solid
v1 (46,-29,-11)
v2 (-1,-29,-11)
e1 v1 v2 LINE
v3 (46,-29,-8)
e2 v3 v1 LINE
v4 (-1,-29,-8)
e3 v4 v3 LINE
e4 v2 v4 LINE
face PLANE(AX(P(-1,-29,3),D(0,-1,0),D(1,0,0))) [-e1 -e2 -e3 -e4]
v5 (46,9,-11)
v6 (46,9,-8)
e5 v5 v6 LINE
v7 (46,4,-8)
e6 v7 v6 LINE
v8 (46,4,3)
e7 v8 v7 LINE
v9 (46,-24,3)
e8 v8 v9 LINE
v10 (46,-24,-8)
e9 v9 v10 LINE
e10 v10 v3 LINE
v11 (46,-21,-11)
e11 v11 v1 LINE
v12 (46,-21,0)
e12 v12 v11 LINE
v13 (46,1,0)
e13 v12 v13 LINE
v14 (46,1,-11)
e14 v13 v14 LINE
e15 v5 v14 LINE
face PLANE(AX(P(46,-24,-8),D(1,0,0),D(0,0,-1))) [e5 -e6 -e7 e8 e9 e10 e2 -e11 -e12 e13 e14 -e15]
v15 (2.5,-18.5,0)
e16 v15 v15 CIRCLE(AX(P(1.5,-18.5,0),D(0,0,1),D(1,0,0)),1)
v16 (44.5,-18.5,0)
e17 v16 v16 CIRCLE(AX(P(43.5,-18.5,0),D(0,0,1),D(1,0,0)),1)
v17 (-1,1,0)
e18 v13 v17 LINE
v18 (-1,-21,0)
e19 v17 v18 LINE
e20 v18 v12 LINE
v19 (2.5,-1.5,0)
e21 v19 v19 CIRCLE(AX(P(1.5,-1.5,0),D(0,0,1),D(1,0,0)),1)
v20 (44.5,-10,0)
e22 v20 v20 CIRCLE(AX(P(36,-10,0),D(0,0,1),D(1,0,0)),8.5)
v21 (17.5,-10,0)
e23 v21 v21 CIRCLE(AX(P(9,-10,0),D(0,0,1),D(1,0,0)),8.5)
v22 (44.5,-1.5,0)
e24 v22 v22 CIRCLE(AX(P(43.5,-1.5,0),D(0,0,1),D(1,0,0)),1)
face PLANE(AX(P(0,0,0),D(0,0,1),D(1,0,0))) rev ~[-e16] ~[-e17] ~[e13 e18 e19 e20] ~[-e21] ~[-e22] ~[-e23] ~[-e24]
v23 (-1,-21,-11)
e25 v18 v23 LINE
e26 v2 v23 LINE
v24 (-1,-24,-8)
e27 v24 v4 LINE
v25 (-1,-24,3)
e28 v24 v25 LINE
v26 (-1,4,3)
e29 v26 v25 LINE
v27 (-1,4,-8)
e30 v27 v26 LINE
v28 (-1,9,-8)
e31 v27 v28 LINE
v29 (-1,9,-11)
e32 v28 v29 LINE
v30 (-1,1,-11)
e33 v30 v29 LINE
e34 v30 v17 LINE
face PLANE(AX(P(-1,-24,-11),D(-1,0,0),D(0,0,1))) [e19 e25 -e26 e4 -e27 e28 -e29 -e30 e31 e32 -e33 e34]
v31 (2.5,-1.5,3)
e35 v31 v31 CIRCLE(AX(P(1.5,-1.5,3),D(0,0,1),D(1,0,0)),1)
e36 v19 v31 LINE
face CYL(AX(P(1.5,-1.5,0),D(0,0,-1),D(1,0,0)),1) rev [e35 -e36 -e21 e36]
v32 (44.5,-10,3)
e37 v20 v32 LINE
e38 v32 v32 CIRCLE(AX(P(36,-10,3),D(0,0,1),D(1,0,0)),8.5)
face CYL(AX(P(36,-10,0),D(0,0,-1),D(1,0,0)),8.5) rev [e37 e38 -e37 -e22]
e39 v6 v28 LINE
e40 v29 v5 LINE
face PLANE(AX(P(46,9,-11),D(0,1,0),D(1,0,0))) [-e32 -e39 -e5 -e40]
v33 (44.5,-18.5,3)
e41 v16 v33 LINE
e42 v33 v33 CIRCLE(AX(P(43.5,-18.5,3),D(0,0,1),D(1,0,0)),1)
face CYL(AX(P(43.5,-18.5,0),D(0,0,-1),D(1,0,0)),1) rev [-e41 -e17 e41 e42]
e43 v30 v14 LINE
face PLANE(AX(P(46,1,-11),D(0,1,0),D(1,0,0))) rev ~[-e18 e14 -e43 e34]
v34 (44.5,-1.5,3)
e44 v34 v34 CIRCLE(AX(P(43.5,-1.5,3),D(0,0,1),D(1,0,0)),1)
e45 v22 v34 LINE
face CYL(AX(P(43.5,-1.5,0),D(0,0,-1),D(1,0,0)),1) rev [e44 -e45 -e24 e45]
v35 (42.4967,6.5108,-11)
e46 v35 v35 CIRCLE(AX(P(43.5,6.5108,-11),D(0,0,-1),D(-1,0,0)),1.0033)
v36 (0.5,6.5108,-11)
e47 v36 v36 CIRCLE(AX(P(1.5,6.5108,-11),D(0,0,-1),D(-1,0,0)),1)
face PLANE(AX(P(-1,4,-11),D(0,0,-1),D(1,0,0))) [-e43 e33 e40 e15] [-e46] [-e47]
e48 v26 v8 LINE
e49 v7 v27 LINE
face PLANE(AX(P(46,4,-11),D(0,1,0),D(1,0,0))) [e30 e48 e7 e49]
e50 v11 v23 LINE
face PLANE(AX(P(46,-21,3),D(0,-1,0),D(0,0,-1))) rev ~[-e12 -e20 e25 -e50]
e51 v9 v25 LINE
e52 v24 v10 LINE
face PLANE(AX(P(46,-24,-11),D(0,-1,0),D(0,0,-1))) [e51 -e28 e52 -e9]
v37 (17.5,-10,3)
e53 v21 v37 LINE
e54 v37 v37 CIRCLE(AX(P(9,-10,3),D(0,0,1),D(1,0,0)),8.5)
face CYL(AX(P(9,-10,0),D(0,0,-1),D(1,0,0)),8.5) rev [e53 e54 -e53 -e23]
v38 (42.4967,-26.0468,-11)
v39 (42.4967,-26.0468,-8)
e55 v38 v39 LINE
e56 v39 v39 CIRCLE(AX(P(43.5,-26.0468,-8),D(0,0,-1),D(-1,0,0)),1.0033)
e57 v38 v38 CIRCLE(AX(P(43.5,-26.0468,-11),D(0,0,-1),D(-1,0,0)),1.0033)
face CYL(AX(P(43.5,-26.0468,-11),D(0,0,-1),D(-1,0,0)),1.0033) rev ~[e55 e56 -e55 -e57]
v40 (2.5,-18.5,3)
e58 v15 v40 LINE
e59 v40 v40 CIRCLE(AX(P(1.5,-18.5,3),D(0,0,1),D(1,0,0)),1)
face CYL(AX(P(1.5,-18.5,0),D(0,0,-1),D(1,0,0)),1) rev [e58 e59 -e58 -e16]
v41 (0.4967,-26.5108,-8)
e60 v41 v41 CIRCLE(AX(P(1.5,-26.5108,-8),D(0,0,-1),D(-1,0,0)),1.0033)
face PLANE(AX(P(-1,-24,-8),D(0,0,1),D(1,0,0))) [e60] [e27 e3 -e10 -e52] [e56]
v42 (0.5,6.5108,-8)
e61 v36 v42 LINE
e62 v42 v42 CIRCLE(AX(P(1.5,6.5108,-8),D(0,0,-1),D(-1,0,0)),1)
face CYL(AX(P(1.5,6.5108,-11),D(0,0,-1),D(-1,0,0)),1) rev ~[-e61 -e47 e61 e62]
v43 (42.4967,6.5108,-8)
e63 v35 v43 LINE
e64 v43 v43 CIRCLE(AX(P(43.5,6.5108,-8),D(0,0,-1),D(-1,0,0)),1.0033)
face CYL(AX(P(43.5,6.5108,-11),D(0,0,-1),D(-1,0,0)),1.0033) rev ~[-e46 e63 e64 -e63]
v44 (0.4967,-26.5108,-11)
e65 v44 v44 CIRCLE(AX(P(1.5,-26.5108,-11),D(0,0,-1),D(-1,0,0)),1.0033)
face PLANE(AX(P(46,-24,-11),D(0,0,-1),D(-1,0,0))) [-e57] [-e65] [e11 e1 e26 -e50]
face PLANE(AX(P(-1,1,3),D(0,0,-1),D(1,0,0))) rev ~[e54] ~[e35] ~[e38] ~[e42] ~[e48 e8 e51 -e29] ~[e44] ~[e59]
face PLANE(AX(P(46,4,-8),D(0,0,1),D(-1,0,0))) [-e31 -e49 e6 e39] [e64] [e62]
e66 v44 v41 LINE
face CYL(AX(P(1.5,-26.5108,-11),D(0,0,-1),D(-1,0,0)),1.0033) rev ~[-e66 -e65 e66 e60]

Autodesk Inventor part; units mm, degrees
ref_plane "YZ Plane" through (0, 0, 0) normal (1, 0, 0) x (0, 1, 0)
ref_plane "XZ Plane" through (0, 0, 0) normal (0, 1, 0) x (-1, 0, 0)
ref_plane "XY Plane" through (0, 0, 0) normal (0, 0, 1) x (1, 0, 0)
sketch "Sketch1" plane through (0, 0, 0) normal (0, 0, 1) x (1, 0, 0)
  circle A0 centre (36, -10) radius 0.8353 projected
  circle A1 centre (9, -10) radius 0.8353 projected
  circle A2 centre (1.5, -1.5) radius 1 projected
  circle A3 centre (1.5, -18.5) radius 1 projected
  circle A4 centre (43.5, -1.5) radius 1 projected
  circle A5 centre (43.5, -18.5) radius 1 projected
  line L0 (0, -20) -> (45, -20) projected
  line L1 (45, -20) -> (45, 0) projected
  line L2 (45, 0) -> (0, 0) projected
  line L3 (0, 0) -> (0, -20) projected
  circle A6 centre (36, -10) radius 8.5
  line L4 (46, 1) -> (-1, 1)
  line L5 (-1, 1) -> (-1, -21)
  line L6 (-1, -21) -> (46, -21)
  line L7 (46, -21) -> (46, 1)
  circle A7 centre (9, -10) radius 8.5
  circle A8 centre (36, -10) radius 8 projected
  circle A9 centre (9, -10) radius 8 projected
  dimension "d0" = 17
  dimension "d1" = 47
  dimension "d2" = 22
  dimension "d3" = 1
  dimension "d4" = 1
  dimension "d5" = 17
extrude "Extrusion1" add sketch "Sketch1" along normal blind 3 contours L3 L2 L1 L0 | L7 L6 L5 L4
sketch "Sketch5" plane through (46, -21, 0) normal (1, 0, 0) x (0, 0, -1)
  line L0 (-3, 0) -> (11, 0)
  line L1 (11, -3) -> (-3, -3)
  line L2 (-3, -3) -> (-3, 0)
  line L3 (11, -3) -> (14, -3)
  line L4 (14, -3) -> (14, 22)
  line L5 (14, 22) -> (11, 22)
  line L6 (11, 22) -> (11, 0)
  point P0 (0, 21)
  dimension "d12" = 3
  dimension "d14" = 3
  dimension "d15" = 22
extrude "Extrusion2" add sketch "Sketch5" against normal blind 47
sketch "Sketch6" plane through (46, -24, -14) normal (0, 0, -1) x (-1, 0, 0)
  circle A0 centre (2.5, 22.5) radius 1 projected
  circle A1 centre (44.5, 22.5) radius 1 projected
  circle A2 centre (44.5, 5.5) radius 1 projected
  circle A3 centre (2.5, 5.5) radius 1 projected
  line L0 (0, 25) -> (47, 25) projected
  line L1 (42, 25) -> (5, 25)
  line L2 (5, 25) -> (5, 5)
  line L3 (5, 5) -> (42, 5)
  line L4 (42, 5) -> (42, 25)
  line L5 (47, 25) -> (47, 0) projected
  line L6 (0, 25) -> (0, 0) projected
  line L7 (0, 0) -> (47, 0) projected
  point P0 (46, 24)
  dimension "d18" = 5
  dimension "d19" = 5
  dimension "d20" = 5
extrude "Extrusion3" cut sketch "Sketch6" against normal up to surface (3 mm away) contours L0 L4 L3 L2
sketch "Sketch8" plane through (46, 1, -11) normal (0, 1, 0) x (1, 0, 0)
  line L0 (0, 3) -> (-47, 3)
  line L1 (-47, 3) -> (-47, -14)
  line L2 (-47, -14) -> (0, -14)
  line L3 (0, -14) -> (0, 3)
  point P0 (-46, -11)
  point P1 (0, -14)
extrude "Extrusion4" add sketch "Sketch8" along normal blind 3
sketch "Sketch9" plane through (46, -24, -14) normal (0, 0, -1) x (-1, 0, 0)
  line L0 (0, 28) -> (47, 28) projected
  line L1 (0, 0) -> (0, 28) projected
  line L2 (47, 0) -> (47, 28) projected
  line L3 (0, 0) -> (47, 0) projected
  point P0 (46, 24)
extrude "Extrusion5" cut sketch "Sketch9" against normal blind 3
sketch "Sketch10" plane through (46, 4, -11) normal (0, 1, 0) x (1, 0, 0)
  line L0 (-47, 0) -> (0, 0)
  line L1 (0, 0) -> (0, -3)
  line L2 (0, -3) -> (-47, -3)
  line L3 (-47, -3) -> (-47, 0)
  point P0 (-46, -11)
  dimension "d27" = 3
extrude "Extrusion6" add sketch "Sketch10" along normal blind 5
sketch "Sketch11" plane through (-1, -24, 3) normal (0, -1, 0) x (1, 0, 0)
  line L0 (47, -14) -> (0, -14)
  line L1 (0, -14) -> (0, -11)
  line L2 (0, -11) -> (47, -11)
  line L3 (47, -11) -> (47, -14)
  point P0 (1, -3)
  dimension "d30" = 3
extrude "Extrusion7" add sketch "Sketch11" along normal blind 5
sketch "Sketch12" plane through (46, -24, -11) normal (0, 0, -1) x (-1, 0, 0)
  circle A0 centre (2.5, 22.5) radius 1 projected
  circle A1 centre (2.5, 5.5) radius 1 projected
  circle A2 centre (44.5, 22.5) radius 1 projected
  circle A3 centre (44.5, 5.5) radius 1 projected
  circle A4 centre (2.5, 30.5108) radius 1.0033
  line L0 (0, 25) -> (0, 33) projected
  line L1 (0, 33) -> (47, 33) projected
  circle A5 centre (44.5, 30.5108) radius 1
  circle A6 centre (44.5, -2.5108) radius 1.0033
  circle A7 centre (2.5, -2.0468) radius 1.0033
  line L2 (47, -5) -> (0, -5) projected
  point P0 (46, 24)
  dimension "d36" = 2.0066
  dimension "d37" = 2.0066
  dimension "d38" = 2.4892
extrude "Extrusion8" cut sketch "Sketch12" against normal up to next contours A4 | A5 | A6 | A7
properties part number "ProxSensor_Bracket"
